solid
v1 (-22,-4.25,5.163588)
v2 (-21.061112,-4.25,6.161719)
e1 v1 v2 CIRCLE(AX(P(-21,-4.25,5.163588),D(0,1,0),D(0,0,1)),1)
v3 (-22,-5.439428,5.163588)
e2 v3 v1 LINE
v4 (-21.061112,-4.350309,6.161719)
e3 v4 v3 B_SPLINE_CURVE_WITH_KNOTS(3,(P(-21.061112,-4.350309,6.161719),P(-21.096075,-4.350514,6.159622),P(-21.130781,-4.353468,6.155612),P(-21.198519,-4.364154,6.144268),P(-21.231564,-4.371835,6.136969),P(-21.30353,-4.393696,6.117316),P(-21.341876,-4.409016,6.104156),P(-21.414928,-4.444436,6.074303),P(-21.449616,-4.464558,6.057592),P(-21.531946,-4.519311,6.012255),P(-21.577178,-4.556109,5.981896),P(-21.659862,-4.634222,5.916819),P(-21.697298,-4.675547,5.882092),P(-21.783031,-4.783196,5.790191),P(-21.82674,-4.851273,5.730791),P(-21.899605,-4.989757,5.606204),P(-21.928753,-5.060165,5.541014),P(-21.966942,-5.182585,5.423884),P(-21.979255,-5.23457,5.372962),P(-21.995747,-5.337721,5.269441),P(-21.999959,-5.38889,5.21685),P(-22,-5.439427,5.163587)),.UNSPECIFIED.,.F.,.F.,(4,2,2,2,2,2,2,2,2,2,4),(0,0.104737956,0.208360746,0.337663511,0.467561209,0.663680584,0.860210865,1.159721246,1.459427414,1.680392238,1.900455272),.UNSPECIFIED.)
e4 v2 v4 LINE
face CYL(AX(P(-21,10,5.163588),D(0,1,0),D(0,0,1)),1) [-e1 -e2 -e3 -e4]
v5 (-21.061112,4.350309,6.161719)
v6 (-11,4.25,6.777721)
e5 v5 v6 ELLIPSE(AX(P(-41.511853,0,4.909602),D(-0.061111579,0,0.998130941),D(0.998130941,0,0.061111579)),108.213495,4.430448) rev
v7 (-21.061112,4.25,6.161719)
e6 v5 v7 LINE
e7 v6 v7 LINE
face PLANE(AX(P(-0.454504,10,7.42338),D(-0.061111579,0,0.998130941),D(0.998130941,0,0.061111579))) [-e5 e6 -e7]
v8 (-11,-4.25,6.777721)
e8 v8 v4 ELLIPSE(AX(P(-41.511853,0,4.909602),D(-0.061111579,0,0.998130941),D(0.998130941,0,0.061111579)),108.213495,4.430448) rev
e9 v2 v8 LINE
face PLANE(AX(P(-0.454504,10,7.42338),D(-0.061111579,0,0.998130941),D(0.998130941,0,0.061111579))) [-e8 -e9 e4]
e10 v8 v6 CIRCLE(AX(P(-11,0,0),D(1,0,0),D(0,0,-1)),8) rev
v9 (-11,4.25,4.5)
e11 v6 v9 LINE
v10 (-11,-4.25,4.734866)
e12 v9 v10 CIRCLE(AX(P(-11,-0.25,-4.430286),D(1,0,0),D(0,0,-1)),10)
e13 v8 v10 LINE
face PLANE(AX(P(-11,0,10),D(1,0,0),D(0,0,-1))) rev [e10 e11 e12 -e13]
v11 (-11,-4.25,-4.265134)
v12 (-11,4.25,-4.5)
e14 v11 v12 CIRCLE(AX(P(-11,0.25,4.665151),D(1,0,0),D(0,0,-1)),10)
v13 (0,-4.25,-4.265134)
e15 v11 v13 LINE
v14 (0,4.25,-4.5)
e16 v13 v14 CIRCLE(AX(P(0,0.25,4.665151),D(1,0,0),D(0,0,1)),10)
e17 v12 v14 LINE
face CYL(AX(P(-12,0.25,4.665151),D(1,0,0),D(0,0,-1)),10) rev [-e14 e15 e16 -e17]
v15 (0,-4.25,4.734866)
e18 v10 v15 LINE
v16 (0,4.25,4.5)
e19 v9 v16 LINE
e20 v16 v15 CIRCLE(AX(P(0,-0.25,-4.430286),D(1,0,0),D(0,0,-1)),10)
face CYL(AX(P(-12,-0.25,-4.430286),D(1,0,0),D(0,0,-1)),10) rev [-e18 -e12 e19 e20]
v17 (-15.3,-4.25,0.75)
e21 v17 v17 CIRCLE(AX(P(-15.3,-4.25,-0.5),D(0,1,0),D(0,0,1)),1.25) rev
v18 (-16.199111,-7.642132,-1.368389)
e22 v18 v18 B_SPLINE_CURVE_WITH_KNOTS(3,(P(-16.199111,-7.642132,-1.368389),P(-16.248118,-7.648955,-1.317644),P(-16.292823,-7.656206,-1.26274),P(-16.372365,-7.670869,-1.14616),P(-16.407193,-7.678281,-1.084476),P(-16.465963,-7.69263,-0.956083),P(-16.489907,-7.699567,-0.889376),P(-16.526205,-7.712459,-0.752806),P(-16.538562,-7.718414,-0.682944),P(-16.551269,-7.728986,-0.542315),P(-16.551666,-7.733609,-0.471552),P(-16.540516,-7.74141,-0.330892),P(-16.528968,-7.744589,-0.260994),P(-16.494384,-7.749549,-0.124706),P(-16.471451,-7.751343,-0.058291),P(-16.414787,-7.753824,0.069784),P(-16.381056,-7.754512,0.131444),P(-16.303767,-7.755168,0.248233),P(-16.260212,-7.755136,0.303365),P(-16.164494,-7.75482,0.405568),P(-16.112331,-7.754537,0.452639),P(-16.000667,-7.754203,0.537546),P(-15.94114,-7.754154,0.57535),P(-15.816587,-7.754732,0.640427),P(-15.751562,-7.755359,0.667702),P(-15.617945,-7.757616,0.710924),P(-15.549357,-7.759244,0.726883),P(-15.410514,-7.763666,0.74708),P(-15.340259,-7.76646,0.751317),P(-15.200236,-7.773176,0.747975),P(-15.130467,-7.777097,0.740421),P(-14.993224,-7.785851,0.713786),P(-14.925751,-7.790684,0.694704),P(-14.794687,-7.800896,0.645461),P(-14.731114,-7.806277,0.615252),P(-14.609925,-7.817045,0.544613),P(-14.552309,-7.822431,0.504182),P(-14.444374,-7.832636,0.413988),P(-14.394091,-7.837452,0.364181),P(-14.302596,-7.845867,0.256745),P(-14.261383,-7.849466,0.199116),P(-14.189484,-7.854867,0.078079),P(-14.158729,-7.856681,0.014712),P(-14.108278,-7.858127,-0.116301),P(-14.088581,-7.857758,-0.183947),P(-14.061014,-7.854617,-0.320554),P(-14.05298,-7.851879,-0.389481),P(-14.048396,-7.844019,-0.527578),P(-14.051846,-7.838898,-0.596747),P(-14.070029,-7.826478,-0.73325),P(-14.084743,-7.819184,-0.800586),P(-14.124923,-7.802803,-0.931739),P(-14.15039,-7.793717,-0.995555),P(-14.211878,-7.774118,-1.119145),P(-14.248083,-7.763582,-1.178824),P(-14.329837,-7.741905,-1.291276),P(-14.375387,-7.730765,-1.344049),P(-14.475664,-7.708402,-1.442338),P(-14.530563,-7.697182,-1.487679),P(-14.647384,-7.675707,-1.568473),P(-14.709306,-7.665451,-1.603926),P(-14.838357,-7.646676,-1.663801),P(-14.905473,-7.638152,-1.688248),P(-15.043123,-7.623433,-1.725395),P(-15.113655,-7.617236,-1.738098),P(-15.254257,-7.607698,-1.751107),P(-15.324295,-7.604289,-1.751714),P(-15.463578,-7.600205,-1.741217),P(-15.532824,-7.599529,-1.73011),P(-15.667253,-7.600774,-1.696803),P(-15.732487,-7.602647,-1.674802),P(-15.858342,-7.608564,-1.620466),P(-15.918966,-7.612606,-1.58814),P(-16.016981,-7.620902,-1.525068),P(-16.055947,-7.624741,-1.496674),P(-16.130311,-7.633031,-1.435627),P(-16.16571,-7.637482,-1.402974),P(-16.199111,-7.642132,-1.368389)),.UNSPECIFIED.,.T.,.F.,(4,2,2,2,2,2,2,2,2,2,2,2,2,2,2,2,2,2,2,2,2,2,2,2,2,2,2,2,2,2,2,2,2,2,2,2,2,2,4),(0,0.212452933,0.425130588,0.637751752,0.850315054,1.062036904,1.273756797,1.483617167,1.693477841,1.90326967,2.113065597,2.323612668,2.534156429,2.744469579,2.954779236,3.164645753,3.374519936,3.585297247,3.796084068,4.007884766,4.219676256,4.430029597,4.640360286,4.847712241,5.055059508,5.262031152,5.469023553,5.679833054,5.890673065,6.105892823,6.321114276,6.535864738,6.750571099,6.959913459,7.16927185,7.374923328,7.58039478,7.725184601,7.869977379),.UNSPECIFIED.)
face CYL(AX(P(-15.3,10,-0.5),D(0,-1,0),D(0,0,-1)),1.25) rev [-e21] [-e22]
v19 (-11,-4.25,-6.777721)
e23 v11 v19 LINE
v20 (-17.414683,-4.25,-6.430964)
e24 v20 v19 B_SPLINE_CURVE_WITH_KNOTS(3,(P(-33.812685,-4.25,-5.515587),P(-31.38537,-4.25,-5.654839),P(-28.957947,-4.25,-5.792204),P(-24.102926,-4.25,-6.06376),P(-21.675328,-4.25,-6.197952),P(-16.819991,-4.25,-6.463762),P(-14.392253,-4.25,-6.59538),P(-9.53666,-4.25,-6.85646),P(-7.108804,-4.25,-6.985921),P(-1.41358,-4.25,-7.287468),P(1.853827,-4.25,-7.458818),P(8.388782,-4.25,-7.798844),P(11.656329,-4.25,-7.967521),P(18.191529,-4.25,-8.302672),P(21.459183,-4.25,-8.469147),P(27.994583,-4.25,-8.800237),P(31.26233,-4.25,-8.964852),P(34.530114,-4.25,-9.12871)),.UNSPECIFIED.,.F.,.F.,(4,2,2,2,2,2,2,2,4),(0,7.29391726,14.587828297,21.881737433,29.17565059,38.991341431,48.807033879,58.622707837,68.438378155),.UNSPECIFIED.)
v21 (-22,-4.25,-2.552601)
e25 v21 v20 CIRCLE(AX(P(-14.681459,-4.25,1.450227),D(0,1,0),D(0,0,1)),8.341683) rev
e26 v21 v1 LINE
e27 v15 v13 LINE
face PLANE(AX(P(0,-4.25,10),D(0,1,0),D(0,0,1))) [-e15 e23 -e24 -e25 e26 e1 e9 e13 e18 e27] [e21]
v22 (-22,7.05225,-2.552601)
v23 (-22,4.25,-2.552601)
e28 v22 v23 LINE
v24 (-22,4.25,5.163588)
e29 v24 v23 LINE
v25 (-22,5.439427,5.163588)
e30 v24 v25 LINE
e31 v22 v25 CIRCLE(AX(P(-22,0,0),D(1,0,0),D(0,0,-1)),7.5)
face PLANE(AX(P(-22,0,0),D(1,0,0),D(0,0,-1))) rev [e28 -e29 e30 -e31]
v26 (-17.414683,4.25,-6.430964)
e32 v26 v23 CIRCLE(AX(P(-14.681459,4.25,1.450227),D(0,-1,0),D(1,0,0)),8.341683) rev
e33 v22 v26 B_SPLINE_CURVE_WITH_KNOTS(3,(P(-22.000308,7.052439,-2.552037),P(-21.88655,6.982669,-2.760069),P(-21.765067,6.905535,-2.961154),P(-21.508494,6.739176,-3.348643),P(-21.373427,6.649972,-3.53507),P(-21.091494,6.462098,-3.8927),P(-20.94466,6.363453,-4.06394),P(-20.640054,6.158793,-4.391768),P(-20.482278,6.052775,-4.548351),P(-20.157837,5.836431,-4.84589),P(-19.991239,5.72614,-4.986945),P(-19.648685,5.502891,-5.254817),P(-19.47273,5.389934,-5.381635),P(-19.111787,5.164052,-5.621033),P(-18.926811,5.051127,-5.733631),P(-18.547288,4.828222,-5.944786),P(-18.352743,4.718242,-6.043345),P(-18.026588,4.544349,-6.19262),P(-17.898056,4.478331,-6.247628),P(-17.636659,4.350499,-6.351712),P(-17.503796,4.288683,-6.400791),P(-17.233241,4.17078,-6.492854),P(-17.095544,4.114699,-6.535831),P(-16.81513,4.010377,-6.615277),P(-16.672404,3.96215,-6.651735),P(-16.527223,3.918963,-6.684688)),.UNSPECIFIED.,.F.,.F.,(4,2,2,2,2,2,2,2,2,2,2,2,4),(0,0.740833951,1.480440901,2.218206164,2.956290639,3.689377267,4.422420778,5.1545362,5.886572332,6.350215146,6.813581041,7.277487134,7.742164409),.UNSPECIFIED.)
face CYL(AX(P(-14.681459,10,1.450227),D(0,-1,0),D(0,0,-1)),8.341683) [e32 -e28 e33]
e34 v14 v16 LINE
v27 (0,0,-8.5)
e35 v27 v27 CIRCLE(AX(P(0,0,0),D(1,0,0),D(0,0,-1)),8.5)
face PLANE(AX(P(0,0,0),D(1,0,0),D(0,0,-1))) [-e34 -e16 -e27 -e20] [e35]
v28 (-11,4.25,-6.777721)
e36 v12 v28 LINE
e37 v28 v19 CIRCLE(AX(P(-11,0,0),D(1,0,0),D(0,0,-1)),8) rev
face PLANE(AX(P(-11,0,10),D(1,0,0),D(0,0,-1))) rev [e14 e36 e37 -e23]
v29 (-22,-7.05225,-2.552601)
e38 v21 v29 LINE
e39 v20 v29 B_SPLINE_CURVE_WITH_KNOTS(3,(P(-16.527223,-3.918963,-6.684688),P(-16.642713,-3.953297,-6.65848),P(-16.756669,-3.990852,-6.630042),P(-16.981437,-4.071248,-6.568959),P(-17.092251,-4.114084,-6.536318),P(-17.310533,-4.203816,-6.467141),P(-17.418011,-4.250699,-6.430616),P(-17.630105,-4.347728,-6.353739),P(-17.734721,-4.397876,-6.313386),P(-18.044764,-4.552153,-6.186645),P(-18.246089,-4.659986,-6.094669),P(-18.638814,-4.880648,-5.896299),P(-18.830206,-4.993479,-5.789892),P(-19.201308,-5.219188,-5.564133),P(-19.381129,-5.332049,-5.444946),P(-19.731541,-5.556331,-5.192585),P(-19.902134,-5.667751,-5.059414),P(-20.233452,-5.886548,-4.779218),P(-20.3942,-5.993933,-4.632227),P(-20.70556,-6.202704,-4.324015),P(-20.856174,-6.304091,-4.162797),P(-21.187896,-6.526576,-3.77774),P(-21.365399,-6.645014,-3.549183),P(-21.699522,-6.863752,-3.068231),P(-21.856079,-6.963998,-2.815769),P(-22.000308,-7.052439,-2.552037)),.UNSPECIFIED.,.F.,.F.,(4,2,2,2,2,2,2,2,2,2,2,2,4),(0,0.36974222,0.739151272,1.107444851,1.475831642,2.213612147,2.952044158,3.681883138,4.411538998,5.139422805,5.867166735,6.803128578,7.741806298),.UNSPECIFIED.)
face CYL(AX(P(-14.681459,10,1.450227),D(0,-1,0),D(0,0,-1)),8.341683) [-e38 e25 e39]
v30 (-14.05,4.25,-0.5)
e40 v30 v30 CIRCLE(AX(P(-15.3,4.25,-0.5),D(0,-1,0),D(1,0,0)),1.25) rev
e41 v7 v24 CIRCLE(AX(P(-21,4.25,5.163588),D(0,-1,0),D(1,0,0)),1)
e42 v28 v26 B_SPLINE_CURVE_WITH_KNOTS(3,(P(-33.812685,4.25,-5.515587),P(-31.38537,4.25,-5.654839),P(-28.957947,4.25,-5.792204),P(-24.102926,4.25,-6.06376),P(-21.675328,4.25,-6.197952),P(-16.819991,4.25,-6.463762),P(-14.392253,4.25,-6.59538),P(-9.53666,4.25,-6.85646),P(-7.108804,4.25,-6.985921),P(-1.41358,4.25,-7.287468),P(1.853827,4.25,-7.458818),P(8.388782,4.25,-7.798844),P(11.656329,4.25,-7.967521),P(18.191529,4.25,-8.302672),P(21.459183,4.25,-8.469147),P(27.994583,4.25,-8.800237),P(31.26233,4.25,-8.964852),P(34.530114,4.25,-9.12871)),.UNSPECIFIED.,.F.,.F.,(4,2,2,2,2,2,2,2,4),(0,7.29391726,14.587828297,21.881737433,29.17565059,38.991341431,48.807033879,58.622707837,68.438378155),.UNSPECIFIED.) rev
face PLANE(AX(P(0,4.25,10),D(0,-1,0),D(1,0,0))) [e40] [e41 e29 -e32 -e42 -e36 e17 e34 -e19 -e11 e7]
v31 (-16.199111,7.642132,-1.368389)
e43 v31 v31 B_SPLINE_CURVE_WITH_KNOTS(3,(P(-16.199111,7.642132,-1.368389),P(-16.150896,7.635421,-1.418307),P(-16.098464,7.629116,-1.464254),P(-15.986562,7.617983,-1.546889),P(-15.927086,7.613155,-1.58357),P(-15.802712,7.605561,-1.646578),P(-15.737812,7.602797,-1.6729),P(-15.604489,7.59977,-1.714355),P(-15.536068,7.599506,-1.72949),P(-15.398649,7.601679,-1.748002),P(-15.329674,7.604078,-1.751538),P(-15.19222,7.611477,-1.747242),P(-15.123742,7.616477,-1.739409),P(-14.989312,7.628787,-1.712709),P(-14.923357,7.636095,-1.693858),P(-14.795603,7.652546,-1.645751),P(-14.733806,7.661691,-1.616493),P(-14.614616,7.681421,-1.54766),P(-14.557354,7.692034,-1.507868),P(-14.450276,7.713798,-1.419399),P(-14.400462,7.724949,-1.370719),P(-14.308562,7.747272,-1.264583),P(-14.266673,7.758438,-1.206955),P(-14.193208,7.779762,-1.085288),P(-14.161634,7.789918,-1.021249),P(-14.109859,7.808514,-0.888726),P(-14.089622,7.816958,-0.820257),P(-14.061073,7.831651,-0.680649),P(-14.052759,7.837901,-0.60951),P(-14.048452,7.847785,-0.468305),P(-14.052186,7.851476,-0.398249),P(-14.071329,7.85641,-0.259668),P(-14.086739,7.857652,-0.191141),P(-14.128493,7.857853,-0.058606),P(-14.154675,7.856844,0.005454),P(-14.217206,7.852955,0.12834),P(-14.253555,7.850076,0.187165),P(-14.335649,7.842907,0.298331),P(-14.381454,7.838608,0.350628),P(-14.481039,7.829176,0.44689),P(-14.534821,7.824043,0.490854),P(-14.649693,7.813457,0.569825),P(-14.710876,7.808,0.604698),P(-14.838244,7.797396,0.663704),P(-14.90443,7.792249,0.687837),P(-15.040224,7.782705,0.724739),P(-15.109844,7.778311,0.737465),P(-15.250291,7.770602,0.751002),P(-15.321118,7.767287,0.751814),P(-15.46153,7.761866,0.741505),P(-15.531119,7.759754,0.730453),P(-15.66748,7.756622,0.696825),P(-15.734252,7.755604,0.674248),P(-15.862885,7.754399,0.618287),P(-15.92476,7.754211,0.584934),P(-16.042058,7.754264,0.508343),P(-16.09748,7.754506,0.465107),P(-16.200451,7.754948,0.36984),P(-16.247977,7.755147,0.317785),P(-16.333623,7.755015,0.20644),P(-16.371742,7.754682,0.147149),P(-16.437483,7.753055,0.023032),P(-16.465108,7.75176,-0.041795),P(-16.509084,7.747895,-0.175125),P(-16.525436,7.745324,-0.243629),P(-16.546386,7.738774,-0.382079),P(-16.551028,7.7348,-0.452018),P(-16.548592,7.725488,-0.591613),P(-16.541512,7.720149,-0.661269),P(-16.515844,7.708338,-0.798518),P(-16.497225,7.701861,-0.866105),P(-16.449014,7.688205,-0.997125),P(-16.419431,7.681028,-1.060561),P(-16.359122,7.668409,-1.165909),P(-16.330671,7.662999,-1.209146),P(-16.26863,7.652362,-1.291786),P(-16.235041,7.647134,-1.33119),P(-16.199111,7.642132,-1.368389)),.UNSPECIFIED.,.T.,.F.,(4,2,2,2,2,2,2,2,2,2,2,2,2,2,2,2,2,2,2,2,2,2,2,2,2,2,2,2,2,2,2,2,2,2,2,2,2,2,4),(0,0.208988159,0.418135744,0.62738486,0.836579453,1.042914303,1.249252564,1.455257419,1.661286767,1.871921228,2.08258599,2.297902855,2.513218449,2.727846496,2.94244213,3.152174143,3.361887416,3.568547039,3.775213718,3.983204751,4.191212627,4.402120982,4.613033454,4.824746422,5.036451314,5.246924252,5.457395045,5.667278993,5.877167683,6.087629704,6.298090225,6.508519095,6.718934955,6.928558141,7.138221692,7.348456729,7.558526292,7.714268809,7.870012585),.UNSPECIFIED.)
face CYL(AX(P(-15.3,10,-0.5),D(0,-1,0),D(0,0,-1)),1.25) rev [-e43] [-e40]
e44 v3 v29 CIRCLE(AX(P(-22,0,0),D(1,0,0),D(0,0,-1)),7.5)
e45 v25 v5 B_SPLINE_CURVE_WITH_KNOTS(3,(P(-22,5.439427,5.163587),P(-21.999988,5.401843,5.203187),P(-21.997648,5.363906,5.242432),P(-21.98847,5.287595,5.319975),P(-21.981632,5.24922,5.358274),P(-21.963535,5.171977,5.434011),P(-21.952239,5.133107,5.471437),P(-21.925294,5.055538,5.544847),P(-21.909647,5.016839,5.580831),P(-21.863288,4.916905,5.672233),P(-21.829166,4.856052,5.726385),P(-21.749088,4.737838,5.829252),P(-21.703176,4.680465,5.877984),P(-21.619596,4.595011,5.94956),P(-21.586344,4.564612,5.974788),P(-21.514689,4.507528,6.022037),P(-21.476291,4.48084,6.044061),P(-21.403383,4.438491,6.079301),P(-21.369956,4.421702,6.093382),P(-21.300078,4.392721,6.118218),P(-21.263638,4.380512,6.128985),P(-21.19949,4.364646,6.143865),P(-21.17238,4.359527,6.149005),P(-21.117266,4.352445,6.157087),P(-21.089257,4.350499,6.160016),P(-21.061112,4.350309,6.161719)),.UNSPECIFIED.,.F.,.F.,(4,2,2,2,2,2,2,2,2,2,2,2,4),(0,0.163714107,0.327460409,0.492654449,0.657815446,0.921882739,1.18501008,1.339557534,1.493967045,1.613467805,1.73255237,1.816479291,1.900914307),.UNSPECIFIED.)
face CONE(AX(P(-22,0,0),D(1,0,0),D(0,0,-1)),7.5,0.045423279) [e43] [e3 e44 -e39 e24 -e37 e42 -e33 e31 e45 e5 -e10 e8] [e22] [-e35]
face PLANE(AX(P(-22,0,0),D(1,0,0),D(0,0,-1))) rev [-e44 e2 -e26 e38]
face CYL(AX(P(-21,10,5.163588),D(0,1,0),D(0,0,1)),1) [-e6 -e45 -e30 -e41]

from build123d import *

# Parameters (mm, degrees)
SKETCH4_R               = 7.5
SKETCH1_R               = 8.5
SKETCH5_W               = 13.984772719
SKETCH5_H               = 8.5
CUT_EXTRUDE1_DEPTH      = 10
CUT_EXTRUDE1_DEPTH_BACK = 10
CUT_EXTRUDE2_DEPTH      = 10
CUT_EXTRUDE2_DEPTH_BACK = 10
SKETCH8_R               = 1.25
CUT_EXTRUDE3_DEPTH      = 10
CUT_EXTRUDE3_DEPTH_BACK = 10
CUT_EXTRUDE4_DEPTH      = 12
FILLET1_R               = 1


with BuildPart() as part:
    # Sketch4 → Loft1 section 0
    with BuildSketch(Plane(origin=(-22, 0, 0), x_dir=(0, 0, -1), z_dir=(1, 0, 0))):
        Circle(SKETCH4_R)
    # Sketch1 → Loft1 section 1
    with BuildSketch(Plane(origin=(0, 0, 0), x_dir=(0, 0, -1), z_dir=(1, 0, 0))):
        Circle(SKETCH1_R)
    loft()

    # Sketch5 → Cut-Extrude1 (cut, two sides)
    with BuildSketch(Plane.XY) as cut_extrude1_sk:
        with Locations((-17.99238636, 0)):
            Rectangle(SKETCH5_W, SKETCH5_H)
    extrude(amount=CUT_EXTRUDE1_DEPTH, mode=Mode.SUBTRACT)
    extrude(cut_extrude1_sk.sketch, amount=-CUT_EXTRUDE1_DEPTH_BACK, mode=Mode.SUBTRACT)

    # Sketch7 → Cut-Extrude2 (cut, two sides)
    with BuildSketch(Plane(origin=(0, 0, 0), x_dir=(1, 0, 0), z_dir=(0, 1, 0))) as cut_extrude2_sk:
        with BuildLine():
            ThreePointArc((-16.527422763, 6.684642149), (-21.211826581, 3.739953342), (-23.023054805, -1.488266586))
            Line((-23.023054805, -1.488266586), (-23.002284576, -6.042868806))
            Line((-23.002284576, -6.042868806), (-11, -6.777720856))
            Line((-11, -6.777720856), (-11, -8.501479668))
            Line((-11, -8.501479668), (-27.91814199, -8.501479668))
            Line((-27.91814199, -8.501479668), (-27.91814199, 10.370496294))
            Line((-27.91814199, 10.370496294), (-11, 10.370496294))
            Line((-11, 10.370496294), (-11, 6.777720856))
            Line((-11, 6.777720856), (-16.527422763, 6.684642149))
        make_face()
    extrude(amount=CUT_EXTRUDE2_DEPTH, mode=Mode.SUBTRACT)
    extrude(cut_extrude2_sk.sketch, amount=-CUT_EXTRUDE2_DEPTH_BACK, mode=Mode.SUBTRACT)

    # Sketch8 → Cut-Extrude3 (cut, two sides)
    with BuildSketch(Plane(origin=(0, 0, 0), x_dir=(1, 0, 0), z_dir=(0, 1, 0))) as cut_extrude3_sk:
        with Locations((-15.3, 0.5)):
            Circle(SKETCH8_R)
    extrude(amount=CUT_EXTRUDE3_DEPTH, mode=Mode.SUBTRACT)
    extrude(cut_extrude3_sk.sketch, amount=-CUT_EXTRUDE3_DEPTH_BACK, mode=Mode.SUBTRACT)

    # Sketch10 → Cut-Extrude4 (cut)
    with BuildSketch(Plane(origin=(0, 0, 0), x_dir=(0, 0, -1), z_dir=(1, 0, 0))):
        with BuildLine():
            Line((-4.5, 4.25), (4.5, 4.25))
            ThreePointArc((4.5, 4.25), (5.331033358, -0.026207333), (4.26513416, -4.25))
            Line((4.26513416, -4.25), (-4.73486584, -4.25))
            ThreePointArc((-4.73486584, -4.25), (-5.565899198, 0.026207333), (-4.5, 4.25))
        make_face()
    extrude(amount=-CUT_EXTRUDE4_DEPTH, mode=Mode.SUBTRACT)

    # Fillet1
    fillet1_edges = [part.edges().sort_by_distance(p)[0] for p in [
        (-22, -4.303779405, 6.104234696),
        (-22, 4.303779405, 6.104234696),
    ]]
    fillet(fillet1_edges, radius=FILLET1_R)


solid = part.part
